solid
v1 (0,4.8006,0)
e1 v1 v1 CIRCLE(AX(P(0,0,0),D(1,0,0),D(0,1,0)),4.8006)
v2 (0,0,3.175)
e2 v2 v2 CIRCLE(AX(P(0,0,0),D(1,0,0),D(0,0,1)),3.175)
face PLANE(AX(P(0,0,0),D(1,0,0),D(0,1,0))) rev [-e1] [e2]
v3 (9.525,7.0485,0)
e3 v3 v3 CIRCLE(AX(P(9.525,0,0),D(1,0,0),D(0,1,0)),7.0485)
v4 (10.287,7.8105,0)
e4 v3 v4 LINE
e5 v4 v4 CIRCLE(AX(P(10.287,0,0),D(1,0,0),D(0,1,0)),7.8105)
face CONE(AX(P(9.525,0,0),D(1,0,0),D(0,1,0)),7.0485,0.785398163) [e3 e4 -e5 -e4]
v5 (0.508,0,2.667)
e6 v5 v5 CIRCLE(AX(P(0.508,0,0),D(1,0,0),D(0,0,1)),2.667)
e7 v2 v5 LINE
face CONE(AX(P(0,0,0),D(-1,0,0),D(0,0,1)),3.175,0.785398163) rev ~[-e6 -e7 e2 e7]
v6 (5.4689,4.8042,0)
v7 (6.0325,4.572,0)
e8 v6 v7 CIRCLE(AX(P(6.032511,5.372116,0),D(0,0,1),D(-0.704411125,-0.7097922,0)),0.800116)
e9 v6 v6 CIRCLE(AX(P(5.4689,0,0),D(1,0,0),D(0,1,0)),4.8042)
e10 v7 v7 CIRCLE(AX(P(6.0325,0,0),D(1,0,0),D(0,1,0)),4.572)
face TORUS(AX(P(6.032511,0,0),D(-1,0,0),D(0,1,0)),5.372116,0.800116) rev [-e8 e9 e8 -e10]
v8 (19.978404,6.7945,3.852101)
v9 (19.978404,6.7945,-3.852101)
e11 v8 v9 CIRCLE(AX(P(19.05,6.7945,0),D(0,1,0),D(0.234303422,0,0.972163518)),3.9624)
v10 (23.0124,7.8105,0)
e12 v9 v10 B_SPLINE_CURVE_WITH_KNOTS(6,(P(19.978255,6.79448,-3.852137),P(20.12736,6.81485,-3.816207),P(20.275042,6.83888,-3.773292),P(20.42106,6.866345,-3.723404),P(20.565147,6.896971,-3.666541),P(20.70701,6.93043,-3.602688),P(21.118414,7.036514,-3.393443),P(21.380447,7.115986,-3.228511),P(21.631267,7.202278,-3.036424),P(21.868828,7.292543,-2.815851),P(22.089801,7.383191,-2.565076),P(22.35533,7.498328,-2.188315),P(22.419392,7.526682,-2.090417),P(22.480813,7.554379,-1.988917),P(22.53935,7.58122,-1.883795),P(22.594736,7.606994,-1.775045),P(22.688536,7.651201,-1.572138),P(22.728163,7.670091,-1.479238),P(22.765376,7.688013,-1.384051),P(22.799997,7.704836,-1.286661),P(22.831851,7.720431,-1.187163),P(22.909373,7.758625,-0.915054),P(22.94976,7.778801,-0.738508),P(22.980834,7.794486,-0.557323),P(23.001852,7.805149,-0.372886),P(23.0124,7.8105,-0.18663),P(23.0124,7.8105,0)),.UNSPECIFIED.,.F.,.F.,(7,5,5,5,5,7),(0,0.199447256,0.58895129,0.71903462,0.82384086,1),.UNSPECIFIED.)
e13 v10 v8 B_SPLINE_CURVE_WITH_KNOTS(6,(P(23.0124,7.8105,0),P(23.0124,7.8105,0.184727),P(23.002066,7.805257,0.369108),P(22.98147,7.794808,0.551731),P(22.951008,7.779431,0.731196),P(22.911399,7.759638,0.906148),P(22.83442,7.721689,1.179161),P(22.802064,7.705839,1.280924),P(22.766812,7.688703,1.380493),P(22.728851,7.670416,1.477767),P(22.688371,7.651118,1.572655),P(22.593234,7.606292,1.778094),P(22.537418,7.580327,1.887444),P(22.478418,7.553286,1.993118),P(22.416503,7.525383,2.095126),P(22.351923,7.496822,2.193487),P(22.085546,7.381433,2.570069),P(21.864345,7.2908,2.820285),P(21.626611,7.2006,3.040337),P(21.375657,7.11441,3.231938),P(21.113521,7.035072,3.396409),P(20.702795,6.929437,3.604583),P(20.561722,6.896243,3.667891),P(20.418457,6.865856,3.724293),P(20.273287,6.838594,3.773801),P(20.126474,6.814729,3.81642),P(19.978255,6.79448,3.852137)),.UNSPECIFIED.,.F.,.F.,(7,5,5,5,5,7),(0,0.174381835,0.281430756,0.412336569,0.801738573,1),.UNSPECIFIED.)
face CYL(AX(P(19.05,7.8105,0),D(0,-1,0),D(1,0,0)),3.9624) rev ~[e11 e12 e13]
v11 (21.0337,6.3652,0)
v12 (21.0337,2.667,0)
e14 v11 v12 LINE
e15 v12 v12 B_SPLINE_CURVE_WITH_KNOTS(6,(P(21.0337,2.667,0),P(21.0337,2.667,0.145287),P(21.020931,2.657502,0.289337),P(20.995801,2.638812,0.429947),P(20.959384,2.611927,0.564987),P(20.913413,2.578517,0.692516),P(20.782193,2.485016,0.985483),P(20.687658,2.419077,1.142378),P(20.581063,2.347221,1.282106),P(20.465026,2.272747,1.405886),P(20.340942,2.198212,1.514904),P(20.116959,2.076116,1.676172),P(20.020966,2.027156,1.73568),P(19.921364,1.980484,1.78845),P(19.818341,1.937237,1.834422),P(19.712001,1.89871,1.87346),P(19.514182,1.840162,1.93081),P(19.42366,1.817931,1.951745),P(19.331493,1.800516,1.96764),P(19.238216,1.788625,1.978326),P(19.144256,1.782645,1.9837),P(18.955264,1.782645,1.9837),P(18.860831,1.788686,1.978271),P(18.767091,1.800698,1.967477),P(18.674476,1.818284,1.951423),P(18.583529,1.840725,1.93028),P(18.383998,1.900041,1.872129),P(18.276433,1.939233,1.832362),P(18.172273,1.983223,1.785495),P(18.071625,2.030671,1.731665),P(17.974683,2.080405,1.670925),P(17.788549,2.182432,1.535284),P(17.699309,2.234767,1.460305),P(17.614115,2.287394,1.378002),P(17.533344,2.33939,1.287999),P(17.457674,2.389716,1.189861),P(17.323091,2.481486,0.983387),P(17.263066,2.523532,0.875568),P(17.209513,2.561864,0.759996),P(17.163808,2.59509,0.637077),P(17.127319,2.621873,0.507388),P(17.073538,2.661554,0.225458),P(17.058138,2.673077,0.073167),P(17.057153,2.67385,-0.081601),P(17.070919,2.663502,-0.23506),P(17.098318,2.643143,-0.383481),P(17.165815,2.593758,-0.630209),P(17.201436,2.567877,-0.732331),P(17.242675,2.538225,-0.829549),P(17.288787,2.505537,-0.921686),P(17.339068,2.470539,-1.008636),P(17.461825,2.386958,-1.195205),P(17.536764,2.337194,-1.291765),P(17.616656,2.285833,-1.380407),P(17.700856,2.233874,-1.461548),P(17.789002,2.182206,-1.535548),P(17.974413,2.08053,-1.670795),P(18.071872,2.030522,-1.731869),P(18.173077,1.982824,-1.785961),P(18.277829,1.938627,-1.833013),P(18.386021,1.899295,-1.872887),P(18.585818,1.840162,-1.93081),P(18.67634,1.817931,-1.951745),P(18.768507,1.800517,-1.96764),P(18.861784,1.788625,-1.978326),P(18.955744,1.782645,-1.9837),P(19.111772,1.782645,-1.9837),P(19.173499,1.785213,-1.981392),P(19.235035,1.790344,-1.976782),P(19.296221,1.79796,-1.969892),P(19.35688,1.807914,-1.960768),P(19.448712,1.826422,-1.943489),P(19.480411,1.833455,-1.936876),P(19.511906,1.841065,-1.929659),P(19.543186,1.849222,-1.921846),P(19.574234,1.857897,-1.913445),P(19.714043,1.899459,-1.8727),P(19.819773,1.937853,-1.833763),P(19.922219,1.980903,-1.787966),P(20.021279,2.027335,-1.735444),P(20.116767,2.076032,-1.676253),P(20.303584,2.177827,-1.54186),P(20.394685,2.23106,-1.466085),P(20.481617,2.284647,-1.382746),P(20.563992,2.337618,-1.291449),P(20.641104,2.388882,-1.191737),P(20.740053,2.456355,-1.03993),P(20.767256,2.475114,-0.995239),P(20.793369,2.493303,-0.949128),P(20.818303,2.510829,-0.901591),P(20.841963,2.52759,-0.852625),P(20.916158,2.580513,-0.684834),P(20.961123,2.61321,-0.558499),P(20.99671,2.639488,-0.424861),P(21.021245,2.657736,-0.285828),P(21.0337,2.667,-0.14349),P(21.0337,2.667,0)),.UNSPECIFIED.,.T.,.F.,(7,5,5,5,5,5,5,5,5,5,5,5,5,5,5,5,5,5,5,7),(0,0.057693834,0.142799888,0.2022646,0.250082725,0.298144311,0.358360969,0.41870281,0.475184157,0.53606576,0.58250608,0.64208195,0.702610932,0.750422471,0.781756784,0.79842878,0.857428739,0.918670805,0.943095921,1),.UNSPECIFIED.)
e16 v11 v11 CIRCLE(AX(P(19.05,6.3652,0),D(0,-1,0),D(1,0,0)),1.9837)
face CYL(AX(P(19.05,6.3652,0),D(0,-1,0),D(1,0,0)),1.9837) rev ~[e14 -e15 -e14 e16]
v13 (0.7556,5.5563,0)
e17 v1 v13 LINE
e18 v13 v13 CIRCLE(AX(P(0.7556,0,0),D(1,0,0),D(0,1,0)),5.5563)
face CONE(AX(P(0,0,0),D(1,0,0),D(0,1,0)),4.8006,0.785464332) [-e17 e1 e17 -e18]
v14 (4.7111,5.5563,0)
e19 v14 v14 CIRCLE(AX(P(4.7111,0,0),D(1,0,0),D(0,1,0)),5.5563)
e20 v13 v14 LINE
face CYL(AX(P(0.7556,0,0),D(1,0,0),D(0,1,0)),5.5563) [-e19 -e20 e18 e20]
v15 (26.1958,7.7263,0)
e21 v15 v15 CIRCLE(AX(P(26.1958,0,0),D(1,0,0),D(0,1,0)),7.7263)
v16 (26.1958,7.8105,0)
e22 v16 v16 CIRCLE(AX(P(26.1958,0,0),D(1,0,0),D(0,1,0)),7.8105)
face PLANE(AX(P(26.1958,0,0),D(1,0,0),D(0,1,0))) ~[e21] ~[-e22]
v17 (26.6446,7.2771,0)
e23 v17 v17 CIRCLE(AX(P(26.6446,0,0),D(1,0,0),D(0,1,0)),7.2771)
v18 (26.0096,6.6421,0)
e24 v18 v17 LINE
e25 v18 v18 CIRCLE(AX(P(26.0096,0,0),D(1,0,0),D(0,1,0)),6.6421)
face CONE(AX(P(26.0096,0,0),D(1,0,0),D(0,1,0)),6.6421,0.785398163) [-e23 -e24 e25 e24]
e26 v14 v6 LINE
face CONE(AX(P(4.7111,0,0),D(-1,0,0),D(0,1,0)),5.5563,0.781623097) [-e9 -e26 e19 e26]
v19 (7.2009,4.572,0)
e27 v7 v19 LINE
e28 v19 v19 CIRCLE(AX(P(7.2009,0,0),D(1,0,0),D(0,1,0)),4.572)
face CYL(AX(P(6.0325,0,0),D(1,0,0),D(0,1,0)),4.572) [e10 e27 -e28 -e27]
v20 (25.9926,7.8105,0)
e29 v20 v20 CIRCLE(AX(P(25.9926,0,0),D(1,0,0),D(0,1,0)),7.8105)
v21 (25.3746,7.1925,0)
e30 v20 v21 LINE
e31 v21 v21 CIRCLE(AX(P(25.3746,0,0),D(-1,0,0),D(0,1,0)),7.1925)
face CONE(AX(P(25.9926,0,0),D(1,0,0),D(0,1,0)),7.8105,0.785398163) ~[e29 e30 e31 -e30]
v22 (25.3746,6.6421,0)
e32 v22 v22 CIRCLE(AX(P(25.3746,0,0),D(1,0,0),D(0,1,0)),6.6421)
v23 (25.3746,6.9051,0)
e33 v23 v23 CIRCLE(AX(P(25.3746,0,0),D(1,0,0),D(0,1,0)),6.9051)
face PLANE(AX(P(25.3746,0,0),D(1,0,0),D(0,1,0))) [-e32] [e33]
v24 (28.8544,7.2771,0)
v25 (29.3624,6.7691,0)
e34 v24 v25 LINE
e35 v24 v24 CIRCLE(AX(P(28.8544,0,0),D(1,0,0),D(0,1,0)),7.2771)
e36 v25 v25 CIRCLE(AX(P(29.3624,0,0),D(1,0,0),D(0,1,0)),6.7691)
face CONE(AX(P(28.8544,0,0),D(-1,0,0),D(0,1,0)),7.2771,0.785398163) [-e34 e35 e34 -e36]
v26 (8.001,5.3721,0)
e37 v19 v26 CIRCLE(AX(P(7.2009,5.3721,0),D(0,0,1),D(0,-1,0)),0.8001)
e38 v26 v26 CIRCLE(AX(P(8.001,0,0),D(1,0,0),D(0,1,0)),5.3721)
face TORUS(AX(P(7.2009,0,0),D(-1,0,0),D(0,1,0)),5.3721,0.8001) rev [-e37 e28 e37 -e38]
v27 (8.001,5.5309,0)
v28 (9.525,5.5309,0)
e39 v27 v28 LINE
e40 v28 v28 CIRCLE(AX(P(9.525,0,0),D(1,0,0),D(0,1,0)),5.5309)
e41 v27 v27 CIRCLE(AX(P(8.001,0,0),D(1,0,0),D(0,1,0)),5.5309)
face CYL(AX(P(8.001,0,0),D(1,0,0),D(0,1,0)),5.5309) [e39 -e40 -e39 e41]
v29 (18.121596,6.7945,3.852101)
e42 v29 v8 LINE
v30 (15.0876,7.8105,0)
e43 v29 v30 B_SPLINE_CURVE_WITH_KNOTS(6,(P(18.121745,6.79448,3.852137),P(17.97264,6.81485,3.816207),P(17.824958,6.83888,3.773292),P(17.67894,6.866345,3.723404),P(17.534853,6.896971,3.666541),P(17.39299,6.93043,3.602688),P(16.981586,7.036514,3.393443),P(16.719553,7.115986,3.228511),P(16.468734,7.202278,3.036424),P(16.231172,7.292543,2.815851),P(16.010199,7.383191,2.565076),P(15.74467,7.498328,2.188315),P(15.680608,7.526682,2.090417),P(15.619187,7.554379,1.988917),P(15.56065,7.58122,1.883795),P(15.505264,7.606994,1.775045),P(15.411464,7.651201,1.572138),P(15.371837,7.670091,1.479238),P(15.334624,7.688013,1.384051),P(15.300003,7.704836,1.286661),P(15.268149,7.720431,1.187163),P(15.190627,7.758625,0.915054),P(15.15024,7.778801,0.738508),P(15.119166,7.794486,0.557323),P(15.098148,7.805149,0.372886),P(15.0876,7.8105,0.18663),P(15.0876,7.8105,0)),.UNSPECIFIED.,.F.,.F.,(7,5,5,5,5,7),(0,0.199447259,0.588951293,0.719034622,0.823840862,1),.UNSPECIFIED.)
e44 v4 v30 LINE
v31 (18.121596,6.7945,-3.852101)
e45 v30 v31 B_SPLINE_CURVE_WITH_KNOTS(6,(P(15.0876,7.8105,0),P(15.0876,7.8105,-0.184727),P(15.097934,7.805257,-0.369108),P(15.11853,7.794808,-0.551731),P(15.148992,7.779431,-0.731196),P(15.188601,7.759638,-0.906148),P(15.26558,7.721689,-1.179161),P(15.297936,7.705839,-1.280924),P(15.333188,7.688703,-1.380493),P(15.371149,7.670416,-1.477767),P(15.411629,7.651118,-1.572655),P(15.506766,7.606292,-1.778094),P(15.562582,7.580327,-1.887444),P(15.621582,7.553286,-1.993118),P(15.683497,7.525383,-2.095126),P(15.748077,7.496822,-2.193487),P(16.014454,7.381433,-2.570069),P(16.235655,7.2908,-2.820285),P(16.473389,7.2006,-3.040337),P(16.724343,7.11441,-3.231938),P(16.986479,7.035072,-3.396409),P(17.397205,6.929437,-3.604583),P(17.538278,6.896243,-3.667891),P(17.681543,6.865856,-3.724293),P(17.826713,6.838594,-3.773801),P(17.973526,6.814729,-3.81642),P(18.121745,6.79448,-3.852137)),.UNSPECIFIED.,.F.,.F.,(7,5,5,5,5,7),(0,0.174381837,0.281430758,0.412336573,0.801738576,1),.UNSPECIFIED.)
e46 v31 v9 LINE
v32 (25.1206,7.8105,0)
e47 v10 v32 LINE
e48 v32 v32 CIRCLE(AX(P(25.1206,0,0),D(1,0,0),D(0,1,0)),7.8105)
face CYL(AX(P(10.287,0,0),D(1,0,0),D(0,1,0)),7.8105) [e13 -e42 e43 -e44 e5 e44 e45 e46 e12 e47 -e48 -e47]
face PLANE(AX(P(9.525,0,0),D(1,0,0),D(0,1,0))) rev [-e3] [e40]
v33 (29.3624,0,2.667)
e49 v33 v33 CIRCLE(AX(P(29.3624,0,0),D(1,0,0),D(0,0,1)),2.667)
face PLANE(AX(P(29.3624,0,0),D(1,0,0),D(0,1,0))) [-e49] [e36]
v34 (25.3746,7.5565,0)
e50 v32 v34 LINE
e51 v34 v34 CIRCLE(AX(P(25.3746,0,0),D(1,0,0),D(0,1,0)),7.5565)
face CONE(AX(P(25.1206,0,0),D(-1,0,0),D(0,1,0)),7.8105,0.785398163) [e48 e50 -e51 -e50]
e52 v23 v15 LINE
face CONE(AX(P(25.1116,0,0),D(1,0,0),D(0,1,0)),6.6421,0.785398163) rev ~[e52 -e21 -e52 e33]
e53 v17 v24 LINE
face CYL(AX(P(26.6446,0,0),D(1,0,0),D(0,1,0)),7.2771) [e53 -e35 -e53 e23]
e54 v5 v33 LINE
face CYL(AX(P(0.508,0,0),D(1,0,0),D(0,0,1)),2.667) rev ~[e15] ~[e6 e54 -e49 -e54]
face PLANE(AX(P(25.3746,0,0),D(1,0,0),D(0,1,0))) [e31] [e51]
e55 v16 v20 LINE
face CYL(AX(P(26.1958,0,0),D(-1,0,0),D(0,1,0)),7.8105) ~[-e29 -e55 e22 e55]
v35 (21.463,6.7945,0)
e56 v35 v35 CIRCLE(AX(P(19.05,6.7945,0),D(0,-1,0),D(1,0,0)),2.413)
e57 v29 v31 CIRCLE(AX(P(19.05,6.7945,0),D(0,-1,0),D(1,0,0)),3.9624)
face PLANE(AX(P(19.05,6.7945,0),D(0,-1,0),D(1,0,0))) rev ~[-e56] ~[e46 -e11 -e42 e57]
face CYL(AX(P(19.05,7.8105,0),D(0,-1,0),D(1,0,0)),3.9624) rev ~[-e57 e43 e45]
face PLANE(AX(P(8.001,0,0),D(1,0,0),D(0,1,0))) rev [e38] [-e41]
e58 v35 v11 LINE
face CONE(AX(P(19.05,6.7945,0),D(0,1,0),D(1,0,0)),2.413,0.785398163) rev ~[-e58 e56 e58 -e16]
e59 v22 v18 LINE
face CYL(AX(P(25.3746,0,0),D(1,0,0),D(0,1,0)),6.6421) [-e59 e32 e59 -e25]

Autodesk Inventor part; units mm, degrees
sketch "Sketch_2" plane through (0, 0, 0) normal (0, 0, 1) x (1, 0, 0)
  line L0 (9.525, 0) -> (0, 0)
  line L1 (0, 0) -> (0, 4.8006)
  line L2 (0, 4.8006) -> (0.7556, 5.5563)
  line L3 (0.7556, 5.5563) -> (4.7111, 5.5563)
  line L4 (4.7111, 5.5563) -> (5.4689, 4.8042)
  arc A0 (5.4689, 4.8042) -> (6.0325, 4.572) centre (6.0325, 5.3721) ccw
  line L5 (6.0325, 4.572) -> (7.2009, 4.572)
  arc A1 (7.2009, 4.572) -> (8.001, 5.3721) centre (7.2009, 5.3721) ccw
  line L6 (8.001, 5.3721) -> (8.001, 5.5309)
  line L7 (8.001, 5.5309) -> (9.525, 5.5309)
  line L8 (9.525, 5.5309) -> (9.525, 0)
  line L9 (9.525, 0) -> (0, 0)
revolve "Revolution1" add sketch "Sketch_2" angle 360 about axis through (9.525, 0, 0) along (1, 0, 0)
thread "Thread1" size "7/16-20 UNF" class "2A" standard "ANSI Unified Screw Threads" full length
sketch "Sketch_3" plane through (0, 0, 0) normal (0, 0, 1) x (1, 0, 0)
  line L0 (29.3624, 0) -> (9.525, 0)
  line L1 (9.525, 0) -> (9.525, 7.0485)
  line L2 (9.525, 7.0485) -> (10.287, 7.8105)
  line L3 (10.287, 7.8105) -> (25.1206, 7.8105)
  line L4 (25.1206, 7.8105) -> (25.3746, 7.5565)
  line L5 (25.3746, 7.5565) -> (25.3746, 6.6421)
  line L6 (25.3746, 6.6421) -> (26.0096, 6.6421)
  line L7 (26.0096, 6.6421) -> (26.6446, 7.2771)
  line L8 (26.6446, 7.2771) -> (28.8544, 7.2771)
  line L9 (28.8544, 7.2771) -> (29.3624, 6.7691)
  line L10 (29.3624, 6.7691) -> (29.3624, 0)
  line L11 (29.3624, 0) -> (9.525, 0)
revolve "Revolution2" add sketch "Sketch_3" angle 360 about axis through (29.3624, 0, 0) along (1, 0, 0)
sketch "Sketch3" plane through (0, 0, 0) normal (-1, 0, 0) x (0, 0, 1)
  point P0 (0, 0)
hole "Hole1" at (0, 0, 0) direction (1, 0, 0) diameter 5.334 depth 29.3624 countersink diameter 6.35 countersink angle 90
sketch "Sketch_13" plane through (0, 0, 0) normal (0, 0, 1) x (1, 0, 0)
  line L0 (19.05, -1.016) -> (19.05, 7.8105)
  line L1 (19.05, 7.8105) -> (23.0124, 7.8105)
  line L2 (23.0124, 7.8105) -> (23.0124, 6.7945)
  line L3 (23.0124, 6.7945) -> (21.463, 6.7945)
  line L4 (21.463, 6.7945) -> (21.0337, 6.3652)
  line L5 (21.0337, 6.3652) -> (21.0337, -1.016)
  line L6 (21.0337, -1.016) -> (19.05, -1.016)
  line L7 (19.05, -1.016) -> (19.05, 7.8105)
revolve "Revolution3" cut sketch "Sketch_13" angle 360 about axis through (19.05, -1.016, 0) along (0, -1, 0)
thread "Thread2" size "10-32 UNF" class "2B" standard "ANSI Unified Screw Threads" length 2.4257 offset 2.5862
sketch "Sketch_47" plane through (0, 0, 0) normal (0, 0, 1) x (1, 0, 0)
  line L0 (29.3624, 0) -> (-29.3624, 0)
  line L1 (24.8242, 6.6421) -> (25.1116, 6.6421)
  line L2 (25.1116, 6.6421) -> (26.1958, 7.7263)
  line L3 (26.1958, 7.7263) -> (26.1958, 7.8105)
  line L4 (26.1958, 7.8105) -> (25.9926, 7.8105)
  line L5 (25.9926, 7.8105) -> (24.8242, 6.6421)
revolve "Revolution4" add sketch "Sketch_47" angle 360 about axis through (29.3624, 0, 0) along (1, 0, 0)
ref_plane "c2_XY" through (19.05, 0, 0) normal (0, 0, 1) x (1, 0, 0)
ref_plane "c2_YZ" through (19.05, 0, 0) normal (1, 0, 0) x (0, 1, 0)
ref_plane "c2_ZX" through (19.05, 0, 0) normal (0, 1, 0) x (0, 0, 1)
ref_plane "e2_XY" through (9.525, 0, 0) normal (0, 0, 1) x (1, 0, 0)
ref_plane "e2_YZ" through (9.525, 0, 0) normal (1, 0, 0) x (0, 1, 0)
ref_plane "e2_ZX" through (9.525, 0, 0) normal (0, 1, 0) x (0, 0, 1)
ref_plane "f1_XY" through (8.001, 0, 0) normal (0, 0, 1) x (1, 0, 0)
ref_plane "f1_YZ" through (8.001, 0, 0) normal (1, 0, 0) x (0, 1, 0)
ref_plane "f1_ZX" through (8.001, 0, 0) normal (0, 1, 0) x (0, 0, 1)
ref_plane "f2_XY" through (9.525, 0, 0) normal (0, 0, 1) x (1, 0, 0)
ref_plane "f2_YZ" through (9.525, 0, 0) normal (1, 0, 0) x (0, 1, 0)
ref_plane "f2_ZX" through (9.525, 0, 0) normal (0, 1, 0) x (0, 0, 1)
ref_plane "i1_XY" through (0, 0, -5.5563) normal (0, 1, 0) x (1, 0, 0)
ref_plane "i1_YZ" through (0, 0, -5.5563) normal (1, 0, 0) x (0, 0, -1)
ref_plane "i1_ZX" through (0, 0, -5.5563) normal (0, 0, -1) x (0, 1, 0)
ref_plane "i2_XY" through (0, 0, 5.5563) normal (0, 1, 0) x (1, 0, 0)
ref_plane "i2_YZ" through (0, 0, 5.5563) normal (1, 0, 0) x (0, 0, -1)
ref_plane "i2_ZX" through (0, 0, 5.5563) normal (0, 0, -1) x (0, 1, 0)
ref_plane "l1_XY" through (9.525, 0, -5.5309) normal (0, 1, 0) x (1, 0, 0)
ref_plane "l1_YZ" through (9.525, 0, -5.5309) normal (1, 0, 0) x (0, 0, -1)
ref_plane "l1_ZX" through (9.525, 0, -5.5309) normal (0, 0, -1) x (0, 1, 0)
ref_plane "l2_XY" through (9.525, 0, 5.5309) normal (0, 1, 0) x (1, 0, 0)
ref_plane "l2_YZ" through (9.525, 0, 5.5309) normal (1, 0, 0) x (0, 0, -1)
ref_plane "l2_ZX" through (9.525, 0, 5.5309) normal (0, 0, -1) x (0, 1, 0)
ref_plane "rod_guide_XY" through (0, 0, 0) normal (1, 0, 0) x (0, 0, -1)
ref_plane "rod_guide_YZ" through (0, 0, 0) normal (0, 0, -1) x (0, 1, 0)
ref_plane "rod_guide_ZX" through (0, 0, 0) normal (0, 1, 0) x (1, 0, 0)
ref_plane "to_mounting_bracket_XY" through (9.525, 0, 0) normal (1, 0, 0) x (0, 0, -1)
ref_plane "to_mounting_bracket_YZ" through (9.525, 0, 0) normal (0, 0, -1) x (0, 1, 0)
ref_plane "to_mounting_bracket_ZX" through (9.525, 0, 0) normal (0, 1, 0) x (1, 0, 0)
ref_plane "to_rod_XY" through (-12.7, 0, 0) normal (1, 0, 0) x (0, 0, -1)
ref_plane "to_rod_YZ" through (-12.7, 0, 0) normal (0, 0, -1) x (0, 1, 0)
ref_plane "to_rod_ZX" through (-12.7, 0, 0) normal (0, 1, 0) x (1, 0, 0)
ref_plane "to_tube_XY" through (26.6446, 0, 0) normal (1, 0, 0) x (0, 0, -1)
ref_plane "to_tube_YZ" through (26.6446, 0, 0) normal (0, 0, -1) x (0, 1, 0)
ref_plane "to_tube_ZX" through (26.6446, 0, 0) normal (0, 1, 0) x (1, 0, 0)
properties part number "D-26368----0.5_rod_guide_cyl" material "Steel"
